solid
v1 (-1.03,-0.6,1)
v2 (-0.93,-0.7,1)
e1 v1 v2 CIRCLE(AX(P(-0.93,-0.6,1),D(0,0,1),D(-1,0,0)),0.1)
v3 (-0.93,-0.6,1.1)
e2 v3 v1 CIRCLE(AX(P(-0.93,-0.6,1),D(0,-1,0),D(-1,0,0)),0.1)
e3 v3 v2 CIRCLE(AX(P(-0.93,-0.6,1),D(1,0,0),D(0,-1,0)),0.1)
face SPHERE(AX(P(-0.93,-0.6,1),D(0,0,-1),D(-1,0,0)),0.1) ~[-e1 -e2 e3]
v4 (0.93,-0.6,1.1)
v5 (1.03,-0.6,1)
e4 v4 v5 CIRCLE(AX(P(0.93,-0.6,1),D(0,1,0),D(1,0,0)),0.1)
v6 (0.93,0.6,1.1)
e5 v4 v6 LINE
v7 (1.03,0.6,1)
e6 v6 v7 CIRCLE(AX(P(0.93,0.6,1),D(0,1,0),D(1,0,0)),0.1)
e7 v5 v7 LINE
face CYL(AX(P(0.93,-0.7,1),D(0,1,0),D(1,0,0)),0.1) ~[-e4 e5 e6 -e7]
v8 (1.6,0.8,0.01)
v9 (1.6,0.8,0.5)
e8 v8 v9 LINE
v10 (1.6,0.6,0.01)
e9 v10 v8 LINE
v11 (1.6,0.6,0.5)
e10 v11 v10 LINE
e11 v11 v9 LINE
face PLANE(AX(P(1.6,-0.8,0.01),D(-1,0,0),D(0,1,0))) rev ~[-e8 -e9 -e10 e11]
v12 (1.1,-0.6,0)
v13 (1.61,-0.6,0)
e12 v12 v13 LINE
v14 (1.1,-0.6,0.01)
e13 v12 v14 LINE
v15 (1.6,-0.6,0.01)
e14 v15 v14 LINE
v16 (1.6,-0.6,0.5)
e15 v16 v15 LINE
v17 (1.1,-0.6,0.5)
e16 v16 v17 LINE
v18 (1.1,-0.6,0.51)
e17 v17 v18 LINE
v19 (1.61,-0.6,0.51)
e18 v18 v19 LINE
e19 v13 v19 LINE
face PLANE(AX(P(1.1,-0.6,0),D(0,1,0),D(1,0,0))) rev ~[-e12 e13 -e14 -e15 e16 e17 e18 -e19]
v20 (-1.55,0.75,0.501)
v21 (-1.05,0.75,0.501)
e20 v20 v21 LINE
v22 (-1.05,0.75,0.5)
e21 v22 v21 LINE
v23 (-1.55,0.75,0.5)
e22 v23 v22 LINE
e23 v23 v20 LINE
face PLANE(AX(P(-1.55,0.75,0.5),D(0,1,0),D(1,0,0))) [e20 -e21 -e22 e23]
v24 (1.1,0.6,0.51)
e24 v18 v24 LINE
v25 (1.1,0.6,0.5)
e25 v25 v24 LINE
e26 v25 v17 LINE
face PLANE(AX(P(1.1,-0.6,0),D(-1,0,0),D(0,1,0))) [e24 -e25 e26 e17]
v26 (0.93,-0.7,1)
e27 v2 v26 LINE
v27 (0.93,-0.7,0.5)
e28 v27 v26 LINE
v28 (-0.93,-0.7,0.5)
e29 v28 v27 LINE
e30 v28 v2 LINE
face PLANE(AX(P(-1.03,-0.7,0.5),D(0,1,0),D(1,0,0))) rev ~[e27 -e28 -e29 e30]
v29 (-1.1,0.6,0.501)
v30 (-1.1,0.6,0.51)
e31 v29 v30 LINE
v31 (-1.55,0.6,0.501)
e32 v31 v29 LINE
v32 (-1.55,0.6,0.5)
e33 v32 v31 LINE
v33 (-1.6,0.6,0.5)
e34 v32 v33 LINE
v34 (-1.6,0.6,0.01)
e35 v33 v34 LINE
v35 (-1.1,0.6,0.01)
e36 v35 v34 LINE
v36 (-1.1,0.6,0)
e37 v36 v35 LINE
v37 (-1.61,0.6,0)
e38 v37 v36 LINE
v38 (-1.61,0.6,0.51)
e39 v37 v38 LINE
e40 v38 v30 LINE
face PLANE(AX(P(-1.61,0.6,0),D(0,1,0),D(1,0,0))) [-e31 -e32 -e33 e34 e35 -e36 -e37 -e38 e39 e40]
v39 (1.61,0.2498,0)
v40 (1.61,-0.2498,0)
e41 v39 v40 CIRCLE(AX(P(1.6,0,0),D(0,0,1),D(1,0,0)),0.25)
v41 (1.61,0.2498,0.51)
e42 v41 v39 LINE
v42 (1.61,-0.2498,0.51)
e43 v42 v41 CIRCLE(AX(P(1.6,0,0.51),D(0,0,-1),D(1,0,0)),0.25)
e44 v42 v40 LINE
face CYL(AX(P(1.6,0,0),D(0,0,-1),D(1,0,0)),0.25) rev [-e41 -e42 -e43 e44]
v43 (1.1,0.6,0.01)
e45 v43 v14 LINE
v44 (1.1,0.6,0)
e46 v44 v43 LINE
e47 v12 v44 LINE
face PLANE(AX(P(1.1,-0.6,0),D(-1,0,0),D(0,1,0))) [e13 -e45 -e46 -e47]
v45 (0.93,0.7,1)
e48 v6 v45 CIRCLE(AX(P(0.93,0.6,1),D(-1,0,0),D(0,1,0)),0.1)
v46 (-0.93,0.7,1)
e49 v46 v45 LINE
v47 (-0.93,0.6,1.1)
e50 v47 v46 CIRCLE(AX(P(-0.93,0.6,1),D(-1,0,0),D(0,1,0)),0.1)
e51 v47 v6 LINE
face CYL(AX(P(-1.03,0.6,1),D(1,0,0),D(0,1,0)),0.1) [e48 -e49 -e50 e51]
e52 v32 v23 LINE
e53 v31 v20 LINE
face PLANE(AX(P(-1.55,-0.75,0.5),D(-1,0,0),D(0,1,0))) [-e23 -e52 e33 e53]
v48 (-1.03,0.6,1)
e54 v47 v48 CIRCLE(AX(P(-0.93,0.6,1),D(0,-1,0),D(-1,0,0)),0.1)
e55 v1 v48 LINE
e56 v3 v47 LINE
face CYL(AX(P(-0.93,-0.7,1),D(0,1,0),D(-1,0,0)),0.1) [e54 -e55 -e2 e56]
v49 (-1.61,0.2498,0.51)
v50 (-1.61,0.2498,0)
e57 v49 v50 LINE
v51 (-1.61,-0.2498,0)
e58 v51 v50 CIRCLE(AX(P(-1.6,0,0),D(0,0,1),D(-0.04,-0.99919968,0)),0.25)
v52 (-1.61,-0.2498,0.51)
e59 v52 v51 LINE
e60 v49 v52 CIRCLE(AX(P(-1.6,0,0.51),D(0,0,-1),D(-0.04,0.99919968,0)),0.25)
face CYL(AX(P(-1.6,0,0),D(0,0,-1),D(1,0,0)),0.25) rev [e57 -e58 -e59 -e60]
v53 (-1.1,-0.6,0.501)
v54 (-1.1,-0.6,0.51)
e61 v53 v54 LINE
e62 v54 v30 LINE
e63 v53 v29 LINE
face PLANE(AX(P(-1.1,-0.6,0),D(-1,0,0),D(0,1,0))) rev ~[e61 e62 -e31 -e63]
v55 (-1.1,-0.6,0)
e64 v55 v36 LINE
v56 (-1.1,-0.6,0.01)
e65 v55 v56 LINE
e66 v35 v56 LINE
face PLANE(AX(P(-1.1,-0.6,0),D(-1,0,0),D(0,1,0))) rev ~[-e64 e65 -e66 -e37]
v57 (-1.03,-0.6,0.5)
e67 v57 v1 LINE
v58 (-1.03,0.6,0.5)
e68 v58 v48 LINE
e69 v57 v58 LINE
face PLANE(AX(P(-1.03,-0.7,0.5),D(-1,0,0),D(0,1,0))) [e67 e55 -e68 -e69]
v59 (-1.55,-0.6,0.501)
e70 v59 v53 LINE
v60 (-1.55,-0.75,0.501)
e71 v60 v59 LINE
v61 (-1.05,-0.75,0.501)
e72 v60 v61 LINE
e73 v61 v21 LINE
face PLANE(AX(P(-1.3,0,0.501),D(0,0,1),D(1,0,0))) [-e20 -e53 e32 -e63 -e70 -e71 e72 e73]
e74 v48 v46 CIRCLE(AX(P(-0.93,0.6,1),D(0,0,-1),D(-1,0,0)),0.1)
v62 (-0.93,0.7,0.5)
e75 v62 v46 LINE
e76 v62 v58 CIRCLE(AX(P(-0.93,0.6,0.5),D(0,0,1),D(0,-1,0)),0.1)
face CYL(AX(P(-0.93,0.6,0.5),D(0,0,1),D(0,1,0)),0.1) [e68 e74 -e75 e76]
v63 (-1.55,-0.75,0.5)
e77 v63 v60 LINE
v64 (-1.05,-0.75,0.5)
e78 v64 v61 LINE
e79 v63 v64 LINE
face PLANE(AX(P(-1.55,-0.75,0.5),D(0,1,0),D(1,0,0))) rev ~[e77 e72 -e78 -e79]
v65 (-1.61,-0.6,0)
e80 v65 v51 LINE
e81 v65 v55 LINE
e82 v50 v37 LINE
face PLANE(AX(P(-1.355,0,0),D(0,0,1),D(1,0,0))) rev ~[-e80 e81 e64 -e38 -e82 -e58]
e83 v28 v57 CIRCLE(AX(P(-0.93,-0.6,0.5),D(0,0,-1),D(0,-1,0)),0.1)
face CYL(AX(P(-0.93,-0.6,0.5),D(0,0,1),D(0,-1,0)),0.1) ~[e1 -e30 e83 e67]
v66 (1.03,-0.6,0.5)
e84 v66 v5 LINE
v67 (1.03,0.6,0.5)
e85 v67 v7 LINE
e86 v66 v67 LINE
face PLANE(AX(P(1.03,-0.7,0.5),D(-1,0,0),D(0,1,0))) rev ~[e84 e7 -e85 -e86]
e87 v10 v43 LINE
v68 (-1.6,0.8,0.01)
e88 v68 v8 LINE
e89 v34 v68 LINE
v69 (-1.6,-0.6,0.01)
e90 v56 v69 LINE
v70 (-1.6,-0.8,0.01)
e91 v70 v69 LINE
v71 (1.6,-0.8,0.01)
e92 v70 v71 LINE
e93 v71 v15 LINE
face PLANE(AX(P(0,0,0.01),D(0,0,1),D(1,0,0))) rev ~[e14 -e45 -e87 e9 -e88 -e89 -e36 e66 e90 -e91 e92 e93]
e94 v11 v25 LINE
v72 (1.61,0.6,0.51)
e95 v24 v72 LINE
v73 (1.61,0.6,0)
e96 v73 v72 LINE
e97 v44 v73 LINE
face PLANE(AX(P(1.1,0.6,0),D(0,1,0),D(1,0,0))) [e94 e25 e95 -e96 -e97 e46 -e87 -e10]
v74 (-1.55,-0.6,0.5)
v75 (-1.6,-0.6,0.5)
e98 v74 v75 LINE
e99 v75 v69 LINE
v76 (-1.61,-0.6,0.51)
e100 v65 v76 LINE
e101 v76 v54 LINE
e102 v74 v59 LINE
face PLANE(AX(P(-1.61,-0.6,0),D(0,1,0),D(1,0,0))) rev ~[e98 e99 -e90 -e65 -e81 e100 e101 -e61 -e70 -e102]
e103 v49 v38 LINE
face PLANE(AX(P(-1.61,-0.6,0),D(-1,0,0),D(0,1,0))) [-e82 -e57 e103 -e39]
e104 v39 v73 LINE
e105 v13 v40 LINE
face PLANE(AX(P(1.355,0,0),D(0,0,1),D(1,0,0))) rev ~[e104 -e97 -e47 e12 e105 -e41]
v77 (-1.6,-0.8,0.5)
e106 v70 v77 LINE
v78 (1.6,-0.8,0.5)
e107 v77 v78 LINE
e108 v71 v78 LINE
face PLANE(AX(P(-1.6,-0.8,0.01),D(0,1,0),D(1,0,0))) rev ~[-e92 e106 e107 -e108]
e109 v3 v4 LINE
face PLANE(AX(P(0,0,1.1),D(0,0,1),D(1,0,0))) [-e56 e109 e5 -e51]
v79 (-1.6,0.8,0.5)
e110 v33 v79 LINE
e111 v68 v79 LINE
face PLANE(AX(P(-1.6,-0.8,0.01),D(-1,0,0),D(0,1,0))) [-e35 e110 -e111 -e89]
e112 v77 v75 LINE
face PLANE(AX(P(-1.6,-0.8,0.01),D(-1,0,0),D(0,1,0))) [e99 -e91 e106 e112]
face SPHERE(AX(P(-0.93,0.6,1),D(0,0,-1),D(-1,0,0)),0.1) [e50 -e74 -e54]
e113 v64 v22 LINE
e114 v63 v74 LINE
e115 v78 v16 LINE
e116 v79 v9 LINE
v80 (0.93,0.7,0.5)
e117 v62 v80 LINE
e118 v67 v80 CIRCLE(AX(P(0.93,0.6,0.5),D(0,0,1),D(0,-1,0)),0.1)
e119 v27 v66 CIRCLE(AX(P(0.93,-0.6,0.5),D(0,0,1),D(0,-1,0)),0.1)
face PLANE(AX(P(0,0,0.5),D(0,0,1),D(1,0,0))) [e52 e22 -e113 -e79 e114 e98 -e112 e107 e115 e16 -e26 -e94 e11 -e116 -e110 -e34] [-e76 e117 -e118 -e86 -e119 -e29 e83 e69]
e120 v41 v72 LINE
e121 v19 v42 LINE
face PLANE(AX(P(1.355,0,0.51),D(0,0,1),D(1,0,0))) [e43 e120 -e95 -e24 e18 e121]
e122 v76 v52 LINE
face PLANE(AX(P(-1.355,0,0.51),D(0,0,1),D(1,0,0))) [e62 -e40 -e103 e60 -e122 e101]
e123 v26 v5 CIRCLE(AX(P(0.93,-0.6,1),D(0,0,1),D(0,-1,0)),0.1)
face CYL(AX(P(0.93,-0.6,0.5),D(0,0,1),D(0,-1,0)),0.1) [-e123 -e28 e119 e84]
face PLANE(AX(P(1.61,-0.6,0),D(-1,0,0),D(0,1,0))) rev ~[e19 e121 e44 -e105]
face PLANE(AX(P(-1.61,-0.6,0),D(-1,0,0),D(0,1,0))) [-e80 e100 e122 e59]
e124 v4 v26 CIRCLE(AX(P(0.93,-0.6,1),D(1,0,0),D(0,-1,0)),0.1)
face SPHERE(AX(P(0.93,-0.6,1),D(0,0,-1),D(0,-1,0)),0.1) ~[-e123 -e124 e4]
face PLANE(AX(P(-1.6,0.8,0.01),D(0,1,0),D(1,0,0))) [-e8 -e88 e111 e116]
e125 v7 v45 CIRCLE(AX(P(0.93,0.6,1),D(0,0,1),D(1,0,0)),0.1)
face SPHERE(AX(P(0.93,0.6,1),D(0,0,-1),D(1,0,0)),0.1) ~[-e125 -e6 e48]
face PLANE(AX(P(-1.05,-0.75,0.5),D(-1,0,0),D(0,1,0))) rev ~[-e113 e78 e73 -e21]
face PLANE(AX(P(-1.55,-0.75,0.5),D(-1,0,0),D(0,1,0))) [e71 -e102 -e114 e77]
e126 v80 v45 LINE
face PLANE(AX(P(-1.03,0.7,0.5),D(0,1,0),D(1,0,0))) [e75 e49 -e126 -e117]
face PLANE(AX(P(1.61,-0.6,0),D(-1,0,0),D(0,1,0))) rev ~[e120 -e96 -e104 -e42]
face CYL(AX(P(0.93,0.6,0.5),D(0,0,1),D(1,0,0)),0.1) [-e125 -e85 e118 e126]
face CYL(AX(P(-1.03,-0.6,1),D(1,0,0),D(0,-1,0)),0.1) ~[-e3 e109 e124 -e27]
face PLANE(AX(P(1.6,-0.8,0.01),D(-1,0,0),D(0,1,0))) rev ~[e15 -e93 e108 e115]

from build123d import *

# Parameters (mm, degrees)
EXTRUDE_START       = 0.01
SKETCH_2_W          = 3.2
SKETCH_2_H          = 1.6
EXTRUDE_1_DEPTH     = 0.49
SKETCH_3_W          = 0.51
SKETCH_3_H          = 1.2
EXTRUDE_2_DEPTH     = 0.51
EXTRUDE_START_2     = 0.5
SKETCH_4_W          = 2.06
SKETCH_4_H          = 1.4
EXTRUDE_3_DEPTH     = 0.6
FILLET_1_R          = 0.1
SKETCH_5_W          = 0.5
SKETCH_5_H          = 1.5
EXTRUDE_4_DEPTH     = 0.001
SKETCH_6_R          = 0.25
CUT_EXTRUDE_2_DEPTH = 0.52


with BuildPart() as part:
    # Эскиз2 → Бобышка-Вытянуть1 (new body)
    with BuildSketch(Plane.XY.offset(EXTRUDE_START)):
        Rectangle(SKETCH_2_W, SKETCH_2_H)
    extrude(amount=EXTRUDE_1_DEPTH)

    # Эскиз3 → Бобышка-Вытянуть2 (add)
    with BuildSketch(Plane.XY):
        with Locations((-1.355, 0)):
            Rectangle(SKETCH_3_W, SKETCH_3_H)
        with Locations((1.355, 0)):
            Rectangle(SKETCH_3_W, SKETCH_3_H)
    extrude(amount=EXTRUDE_2_DEPTH)

    # Эскиз4 → Бобышка-Вытянуть3 (add)
    with BuildSketch(Plane.XY.offset(EXTRUDE_START_2)):
        Rectangle(SKETCH_4_W, SKETCH_4_H)
    extrude(amount=EXTRUDE_3_DEPTH)

    # Скругление1
    fillet_1_edges = [part.edges().sort_by_distance(p)[0] for p in [
        (-1.03, 0.7, 0.8),
        (-1.03, -0.7, 0.8),
        (1.03, -0.7, 0.8),
        (1.03, 0.7, 0.8),
        (-1.03, 0, 1.1),
        (0, -0.7, 1.1),
        (1.03, 0, 1.1),
        (0, 0.7, 1.1),
    ]]
    fillet(fillet_1_edges, radius=FILLET_1_R)

    # Эскиз5 → Бобышка-Вытянуть4 (add)
    with BuildSketch(Plane.XY.offset(0.5)):
        with Locations((-1.3, 0)):
            Rectangle(SKETCH_5_W, SKETCH_5_H)
    extrude(amount=EXTRUDE_4_DEPTH)

    # Эскиз6 → Вырез-Вытянуть2 (cut)
    with BuildSketch(Plane.XY):
        with Locations((-1.6, 0)):
            Circle(SKETCH_6_R)
        with Locations((1.6, 0)):
            Circle(SKETCH_6_R)
    extrude(amount=CUT_EXTRUDE_2_DEPTH, mode=Mode.SUBTRACT)


solid = part.part
